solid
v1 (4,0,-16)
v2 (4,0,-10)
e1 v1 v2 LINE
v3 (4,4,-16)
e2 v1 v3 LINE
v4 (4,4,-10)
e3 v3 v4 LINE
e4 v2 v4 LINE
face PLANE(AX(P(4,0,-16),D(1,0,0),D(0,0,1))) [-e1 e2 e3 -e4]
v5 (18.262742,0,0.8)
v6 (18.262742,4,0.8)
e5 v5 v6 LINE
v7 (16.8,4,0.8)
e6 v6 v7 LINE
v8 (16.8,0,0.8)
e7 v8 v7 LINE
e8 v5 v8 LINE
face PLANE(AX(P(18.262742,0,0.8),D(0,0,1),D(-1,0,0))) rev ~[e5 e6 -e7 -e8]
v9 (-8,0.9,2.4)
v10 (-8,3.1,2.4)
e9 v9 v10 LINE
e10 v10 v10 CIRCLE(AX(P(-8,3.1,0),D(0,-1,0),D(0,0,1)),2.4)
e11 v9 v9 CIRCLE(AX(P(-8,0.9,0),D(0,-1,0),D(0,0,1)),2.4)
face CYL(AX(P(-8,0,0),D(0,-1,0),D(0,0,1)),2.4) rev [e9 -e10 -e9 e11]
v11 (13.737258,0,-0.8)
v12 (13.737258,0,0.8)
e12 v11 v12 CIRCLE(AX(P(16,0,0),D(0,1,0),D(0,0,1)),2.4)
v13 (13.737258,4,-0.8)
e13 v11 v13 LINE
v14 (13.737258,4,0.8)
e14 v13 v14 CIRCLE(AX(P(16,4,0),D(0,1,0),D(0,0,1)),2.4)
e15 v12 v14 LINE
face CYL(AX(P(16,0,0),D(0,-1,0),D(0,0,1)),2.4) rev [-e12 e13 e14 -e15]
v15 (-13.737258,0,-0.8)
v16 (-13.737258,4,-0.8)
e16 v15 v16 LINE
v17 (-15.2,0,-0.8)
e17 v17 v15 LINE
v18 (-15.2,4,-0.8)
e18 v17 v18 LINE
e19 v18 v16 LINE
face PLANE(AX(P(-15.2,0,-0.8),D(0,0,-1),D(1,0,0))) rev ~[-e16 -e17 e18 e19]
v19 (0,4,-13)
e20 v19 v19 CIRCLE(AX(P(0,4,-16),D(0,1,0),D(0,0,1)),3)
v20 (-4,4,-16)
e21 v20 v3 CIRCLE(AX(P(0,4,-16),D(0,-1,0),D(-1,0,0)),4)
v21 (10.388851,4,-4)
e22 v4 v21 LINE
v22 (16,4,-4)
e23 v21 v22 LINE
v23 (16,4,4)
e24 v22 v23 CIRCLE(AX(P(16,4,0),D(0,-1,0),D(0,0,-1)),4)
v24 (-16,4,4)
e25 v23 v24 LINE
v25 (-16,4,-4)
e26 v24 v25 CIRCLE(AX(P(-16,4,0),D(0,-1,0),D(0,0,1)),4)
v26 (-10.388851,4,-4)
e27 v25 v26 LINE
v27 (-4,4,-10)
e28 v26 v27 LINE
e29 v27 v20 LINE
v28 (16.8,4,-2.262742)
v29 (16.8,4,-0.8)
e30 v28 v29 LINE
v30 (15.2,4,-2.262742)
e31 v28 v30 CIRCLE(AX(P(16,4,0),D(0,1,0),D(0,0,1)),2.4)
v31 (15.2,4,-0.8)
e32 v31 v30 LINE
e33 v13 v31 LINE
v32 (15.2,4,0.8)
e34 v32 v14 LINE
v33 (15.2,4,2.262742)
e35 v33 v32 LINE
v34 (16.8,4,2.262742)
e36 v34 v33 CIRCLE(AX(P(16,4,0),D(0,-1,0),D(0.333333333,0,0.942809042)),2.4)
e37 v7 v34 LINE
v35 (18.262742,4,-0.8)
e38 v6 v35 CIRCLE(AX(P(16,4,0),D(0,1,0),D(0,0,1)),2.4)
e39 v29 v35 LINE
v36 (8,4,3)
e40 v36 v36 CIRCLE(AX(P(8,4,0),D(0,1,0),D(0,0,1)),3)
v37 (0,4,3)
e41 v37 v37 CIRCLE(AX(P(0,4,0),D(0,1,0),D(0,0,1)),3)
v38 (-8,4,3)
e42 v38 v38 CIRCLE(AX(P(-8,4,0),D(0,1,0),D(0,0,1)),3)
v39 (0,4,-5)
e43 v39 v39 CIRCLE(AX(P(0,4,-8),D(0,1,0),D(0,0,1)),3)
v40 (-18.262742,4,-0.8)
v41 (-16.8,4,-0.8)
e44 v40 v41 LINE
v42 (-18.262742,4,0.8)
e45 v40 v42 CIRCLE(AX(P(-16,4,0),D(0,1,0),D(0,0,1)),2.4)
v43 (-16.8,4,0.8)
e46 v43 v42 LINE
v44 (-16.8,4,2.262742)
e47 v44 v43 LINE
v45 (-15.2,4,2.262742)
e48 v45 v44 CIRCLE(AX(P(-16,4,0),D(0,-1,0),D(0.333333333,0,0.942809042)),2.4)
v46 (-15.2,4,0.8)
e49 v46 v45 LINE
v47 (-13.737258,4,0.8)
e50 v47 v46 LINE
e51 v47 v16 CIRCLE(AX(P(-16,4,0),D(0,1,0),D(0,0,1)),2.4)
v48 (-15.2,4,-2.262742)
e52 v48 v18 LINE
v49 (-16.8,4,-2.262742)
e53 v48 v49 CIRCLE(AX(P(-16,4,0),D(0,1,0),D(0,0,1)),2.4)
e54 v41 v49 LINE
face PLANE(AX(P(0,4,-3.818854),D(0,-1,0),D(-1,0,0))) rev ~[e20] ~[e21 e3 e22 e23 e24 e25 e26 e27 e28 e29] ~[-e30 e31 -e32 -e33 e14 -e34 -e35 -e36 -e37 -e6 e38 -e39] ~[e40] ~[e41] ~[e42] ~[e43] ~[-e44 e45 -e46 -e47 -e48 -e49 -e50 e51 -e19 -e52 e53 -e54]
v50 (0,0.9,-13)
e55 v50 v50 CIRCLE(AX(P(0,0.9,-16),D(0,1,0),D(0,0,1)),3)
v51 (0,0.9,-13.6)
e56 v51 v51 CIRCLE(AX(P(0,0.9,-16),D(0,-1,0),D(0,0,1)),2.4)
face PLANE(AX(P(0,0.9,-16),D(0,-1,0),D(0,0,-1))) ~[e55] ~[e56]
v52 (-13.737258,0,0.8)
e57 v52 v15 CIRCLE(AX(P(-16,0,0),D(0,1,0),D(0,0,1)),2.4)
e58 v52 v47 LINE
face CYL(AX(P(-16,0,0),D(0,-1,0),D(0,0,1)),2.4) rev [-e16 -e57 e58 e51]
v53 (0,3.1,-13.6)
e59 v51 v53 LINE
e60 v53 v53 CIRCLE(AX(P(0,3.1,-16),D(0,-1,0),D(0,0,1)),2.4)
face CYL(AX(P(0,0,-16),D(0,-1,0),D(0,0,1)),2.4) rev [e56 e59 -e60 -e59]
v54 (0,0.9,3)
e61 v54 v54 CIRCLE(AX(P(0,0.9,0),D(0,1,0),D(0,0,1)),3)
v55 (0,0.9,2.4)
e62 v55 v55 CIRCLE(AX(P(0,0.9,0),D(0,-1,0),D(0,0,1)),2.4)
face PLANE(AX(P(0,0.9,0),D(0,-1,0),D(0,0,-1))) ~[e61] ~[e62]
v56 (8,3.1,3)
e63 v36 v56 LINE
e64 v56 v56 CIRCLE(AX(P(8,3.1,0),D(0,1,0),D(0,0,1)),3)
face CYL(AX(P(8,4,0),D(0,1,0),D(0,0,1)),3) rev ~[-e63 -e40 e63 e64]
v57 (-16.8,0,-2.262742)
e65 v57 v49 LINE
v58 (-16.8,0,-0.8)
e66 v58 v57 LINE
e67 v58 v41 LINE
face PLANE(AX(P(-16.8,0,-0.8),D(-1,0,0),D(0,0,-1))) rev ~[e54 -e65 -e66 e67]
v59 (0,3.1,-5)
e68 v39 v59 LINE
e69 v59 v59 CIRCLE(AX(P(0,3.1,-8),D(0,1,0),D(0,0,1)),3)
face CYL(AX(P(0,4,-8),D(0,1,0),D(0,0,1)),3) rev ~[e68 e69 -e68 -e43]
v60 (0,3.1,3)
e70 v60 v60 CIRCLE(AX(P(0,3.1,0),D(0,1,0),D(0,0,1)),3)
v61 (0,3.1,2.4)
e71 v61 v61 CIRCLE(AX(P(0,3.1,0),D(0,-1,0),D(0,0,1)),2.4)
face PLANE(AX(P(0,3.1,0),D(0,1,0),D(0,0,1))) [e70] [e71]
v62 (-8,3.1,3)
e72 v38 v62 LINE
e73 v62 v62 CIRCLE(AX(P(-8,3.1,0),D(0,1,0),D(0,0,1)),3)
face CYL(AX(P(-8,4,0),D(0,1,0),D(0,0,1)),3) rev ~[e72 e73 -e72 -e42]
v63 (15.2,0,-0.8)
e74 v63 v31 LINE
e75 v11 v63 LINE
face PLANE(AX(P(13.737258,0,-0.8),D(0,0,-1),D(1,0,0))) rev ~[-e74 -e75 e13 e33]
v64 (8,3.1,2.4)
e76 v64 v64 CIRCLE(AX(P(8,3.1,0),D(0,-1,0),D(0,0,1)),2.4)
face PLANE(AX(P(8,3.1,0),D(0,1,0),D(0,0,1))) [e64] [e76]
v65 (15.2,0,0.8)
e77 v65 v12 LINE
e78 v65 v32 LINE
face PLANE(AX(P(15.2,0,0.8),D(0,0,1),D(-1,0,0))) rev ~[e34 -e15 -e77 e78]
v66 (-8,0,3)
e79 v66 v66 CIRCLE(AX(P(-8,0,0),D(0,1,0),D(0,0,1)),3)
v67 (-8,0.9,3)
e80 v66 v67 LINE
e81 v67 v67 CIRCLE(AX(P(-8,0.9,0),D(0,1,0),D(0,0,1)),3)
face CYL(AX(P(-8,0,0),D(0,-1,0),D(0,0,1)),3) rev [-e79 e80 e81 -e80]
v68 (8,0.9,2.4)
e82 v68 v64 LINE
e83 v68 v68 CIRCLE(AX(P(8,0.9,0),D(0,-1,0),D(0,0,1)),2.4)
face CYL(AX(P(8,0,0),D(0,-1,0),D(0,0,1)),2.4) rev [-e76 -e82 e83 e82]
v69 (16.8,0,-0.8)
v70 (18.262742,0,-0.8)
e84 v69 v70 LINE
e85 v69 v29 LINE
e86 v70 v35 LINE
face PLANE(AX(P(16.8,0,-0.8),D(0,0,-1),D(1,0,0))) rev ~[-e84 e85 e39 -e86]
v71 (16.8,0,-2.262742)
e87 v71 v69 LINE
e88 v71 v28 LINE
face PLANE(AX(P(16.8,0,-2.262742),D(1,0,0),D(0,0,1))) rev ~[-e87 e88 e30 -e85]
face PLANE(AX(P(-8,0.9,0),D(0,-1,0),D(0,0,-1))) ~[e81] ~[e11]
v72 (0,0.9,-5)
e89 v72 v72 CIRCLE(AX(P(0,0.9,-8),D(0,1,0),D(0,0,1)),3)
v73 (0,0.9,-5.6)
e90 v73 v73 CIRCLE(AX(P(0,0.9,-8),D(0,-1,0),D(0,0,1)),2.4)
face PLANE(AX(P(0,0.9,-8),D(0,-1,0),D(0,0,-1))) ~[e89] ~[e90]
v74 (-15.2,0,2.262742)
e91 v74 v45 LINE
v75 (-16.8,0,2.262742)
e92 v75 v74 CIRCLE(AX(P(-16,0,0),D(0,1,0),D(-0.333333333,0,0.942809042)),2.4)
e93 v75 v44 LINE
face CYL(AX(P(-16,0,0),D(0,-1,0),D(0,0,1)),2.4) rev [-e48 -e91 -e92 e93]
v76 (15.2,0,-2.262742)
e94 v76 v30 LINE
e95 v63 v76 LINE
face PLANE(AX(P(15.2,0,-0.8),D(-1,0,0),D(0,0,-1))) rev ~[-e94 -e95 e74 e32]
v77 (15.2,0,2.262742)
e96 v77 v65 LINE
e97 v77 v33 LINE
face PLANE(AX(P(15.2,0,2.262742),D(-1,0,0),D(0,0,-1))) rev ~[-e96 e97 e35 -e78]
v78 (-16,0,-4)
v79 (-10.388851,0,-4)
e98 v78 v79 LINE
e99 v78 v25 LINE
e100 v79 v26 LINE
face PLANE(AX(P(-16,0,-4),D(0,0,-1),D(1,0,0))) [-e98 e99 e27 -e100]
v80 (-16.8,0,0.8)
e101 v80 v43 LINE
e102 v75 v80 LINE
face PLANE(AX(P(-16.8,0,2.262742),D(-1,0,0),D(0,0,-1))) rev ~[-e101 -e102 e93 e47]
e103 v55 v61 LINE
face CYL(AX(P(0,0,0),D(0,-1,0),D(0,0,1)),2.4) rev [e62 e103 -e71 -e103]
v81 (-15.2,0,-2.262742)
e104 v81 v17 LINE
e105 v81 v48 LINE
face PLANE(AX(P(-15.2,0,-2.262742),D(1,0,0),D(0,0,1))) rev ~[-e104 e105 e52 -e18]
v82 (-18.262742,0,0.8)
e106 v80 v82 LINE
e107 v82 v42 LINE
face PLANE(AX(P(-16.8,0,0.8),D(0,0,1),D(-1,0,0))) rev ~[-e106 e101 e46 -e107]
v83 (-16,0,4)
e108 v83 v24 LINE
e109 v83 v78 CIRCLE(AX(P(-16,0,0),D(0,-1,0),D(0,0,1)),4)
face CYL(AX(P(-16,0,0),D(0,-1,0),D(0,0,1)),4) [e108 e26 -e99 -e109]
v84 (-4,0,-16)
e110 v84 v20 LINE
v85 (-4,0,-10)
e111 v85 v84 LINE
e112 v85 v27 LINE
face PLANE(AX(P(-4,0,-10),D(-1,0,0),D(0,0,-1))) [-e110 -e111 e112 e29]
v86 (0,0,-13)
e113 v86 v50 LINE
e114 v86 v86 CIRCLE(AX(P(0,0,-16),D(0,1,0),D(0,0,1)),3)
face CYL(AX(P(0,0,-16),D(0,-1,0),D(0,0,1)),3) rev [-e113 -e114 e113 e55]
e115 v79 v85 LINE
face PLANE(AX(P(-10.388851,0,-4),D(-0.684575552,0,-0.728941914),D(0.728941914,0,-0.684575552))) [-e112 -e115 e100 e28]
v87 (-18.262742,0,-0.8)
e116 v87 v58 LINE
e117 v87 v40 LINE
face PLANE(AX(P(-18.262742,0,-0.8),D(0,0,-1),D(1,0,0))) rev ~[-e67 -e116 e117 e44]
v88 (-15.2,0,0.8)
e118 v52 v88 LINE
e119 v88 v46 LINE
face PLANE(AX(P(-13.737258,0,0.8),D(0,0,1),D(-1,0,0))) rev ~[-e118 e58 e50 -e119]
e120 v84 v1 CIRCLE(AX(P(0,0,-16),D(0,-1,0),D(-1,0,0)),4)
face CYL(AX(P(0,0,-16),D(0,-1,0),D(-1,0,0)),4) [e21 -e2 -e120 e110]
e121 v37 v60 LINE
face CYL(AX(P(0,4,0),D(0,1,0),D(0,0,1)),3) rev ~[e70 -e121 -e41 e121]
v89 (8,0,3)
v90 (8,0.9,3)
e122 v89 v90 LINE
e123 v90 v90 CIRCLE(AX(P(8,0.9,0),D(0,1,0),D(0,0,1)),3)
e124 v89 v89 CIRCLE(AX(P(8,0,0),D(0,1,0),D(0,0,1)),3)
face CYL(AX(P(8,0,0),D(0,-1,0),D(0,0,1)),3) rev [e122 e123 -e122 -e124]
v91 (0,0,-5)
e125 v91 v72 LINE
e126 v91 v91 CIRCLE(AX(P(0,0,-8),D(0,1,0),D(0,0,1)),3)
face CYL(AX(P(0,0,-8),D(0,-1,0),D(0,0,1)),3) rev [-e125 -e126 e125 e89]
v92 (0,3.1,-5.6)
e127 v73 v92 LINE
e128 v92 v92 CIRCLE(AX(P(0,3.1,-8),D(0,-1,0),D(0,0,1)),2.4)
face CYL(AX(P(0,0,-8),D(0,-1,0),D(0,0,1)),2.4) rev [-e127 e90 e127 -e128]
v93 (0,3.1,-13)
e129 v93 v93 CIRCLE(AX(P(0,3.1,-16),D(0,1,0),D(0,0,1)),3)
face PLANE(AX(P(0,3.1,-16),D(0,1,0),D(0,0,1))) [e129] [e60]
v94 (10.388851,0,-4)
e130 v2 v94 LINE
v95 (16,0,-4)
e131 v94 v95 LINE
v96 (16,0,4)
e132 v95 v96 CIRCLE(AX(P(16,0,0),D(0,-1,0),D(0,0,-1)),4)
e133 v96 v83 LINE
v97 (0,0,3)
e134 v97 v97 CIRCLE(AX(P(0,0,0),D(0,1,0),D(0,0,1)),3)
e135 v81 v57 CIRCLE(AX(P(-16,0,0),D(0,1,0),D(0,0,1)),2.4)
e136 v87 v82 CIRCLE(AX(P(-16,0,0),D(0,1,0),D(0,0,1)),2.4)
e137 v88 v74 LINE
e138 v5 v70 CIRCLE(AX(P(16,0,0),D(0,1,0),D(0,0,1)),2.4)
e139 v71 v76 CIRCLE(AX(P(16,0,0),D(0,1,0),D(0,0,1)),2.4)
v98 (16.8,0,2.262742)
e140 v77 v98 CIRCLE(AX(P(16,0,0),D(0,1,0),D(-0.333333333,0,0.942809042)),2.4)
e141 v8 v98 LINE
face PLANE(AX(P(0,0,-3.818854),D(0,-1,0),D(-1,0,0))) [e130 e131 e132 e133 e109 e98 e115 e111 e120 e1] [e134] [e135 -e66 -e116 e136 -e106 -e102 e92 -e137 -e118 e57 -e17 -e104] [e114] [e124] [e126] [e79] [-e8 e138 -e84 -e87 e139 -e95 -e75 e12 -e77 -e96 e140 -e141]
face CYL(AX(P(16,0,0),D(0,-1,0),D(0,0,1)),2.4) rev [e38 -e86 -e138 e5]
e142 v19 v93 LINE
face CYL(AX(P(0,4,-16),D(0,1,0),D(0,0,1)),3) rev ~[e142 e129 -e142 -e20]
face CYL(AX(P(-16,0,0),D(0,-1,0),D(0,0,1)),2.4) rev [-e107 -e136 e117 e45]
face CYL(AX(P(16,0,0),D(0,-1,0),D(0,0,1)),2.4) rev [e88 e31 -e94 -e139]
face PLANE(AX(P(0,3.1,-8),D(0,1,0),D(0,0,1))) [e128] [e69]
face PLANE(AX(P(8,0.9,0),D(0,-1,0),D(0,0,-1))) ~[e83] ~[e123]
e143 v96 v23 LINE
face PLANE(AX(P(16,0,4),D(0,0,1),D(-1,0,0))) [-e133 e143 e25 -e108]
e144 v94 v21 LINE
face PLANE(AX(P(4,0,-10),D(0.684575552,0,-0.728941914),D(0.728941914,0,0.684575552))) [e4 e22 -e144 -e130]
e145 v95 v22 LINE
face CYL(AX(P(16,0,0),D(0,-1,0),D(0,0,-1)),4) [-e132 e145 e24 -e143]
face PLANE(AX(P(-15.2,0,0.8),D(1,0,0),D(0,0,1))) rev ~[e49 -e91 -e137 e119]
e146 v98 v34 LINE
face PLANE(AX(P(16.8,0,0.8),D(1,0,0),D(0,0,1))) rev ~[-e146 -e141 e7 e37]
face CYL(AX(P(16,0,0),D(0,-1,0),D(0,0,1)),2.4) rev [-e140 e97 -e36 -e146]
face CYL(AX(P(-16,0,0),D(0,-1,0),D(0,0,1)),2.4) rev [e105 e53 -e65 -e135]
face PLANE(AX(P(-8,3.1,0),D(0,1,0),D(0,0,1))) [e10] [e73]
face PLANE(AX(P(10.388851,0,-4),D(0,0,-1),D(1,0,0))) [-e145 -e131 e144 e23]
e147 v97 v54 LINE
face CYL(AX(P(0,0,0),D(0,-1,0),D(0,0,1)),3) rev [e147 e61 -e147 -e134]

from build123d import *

# Parameters (mm, degrees)
SKETCH_1_R          = 2.4
EXTRUDE_1_DEPTH     = 4
SKETCH_2_R          = 3
CUT_EXTRUDE_1_DEPTH = 0.9
EXTRUDE_START       = -4
EXTRUDE_2_DEPTH     = 4


with BuildPart() as part:
    # 草图1 → 凸台-拉伸1 (new body)
    with BuildSketch(Plane(origin=(0, 0, 0), x_dir=(1, 0, 0), z_dir=(0, 1, 0))):
        with BuildLine():
            Line((-16, 4), (-10.388851415, 4))
            Line((-10.388851415, 4), (-4, 10))
            Line((-4, 10), (-4, 16))
            ThreePointArc((-4, 16), (0, 20), (4, 16))
            Line((4, 16), (4, 10))
            Line((4, 10), (10.388851415, 4))
            Line((10.388851415, 4), (16, 4))
            ThreePointArc((16, 4), (20, 0), (16, -4))
            Line((16, -4), (-16, -4))
            ThreePointArc((-16, -4), (-20, 0), (-16, 4))
        make_face()
        with Locations(Location((16, 0, 0), (0, 0, 270))):
            Circle(SKETCH_1_R, mode=Mode.SUBTRACT)
        with Locations(Location((8, 0, 0), (0, 0, 270))):
            Circle(SKETCH_1_R, mode=Mode.SUBTRACT)
        with Locations(Location((0, 0, 0), (0, 0, 270))):
            Circle(SKETCH_1_R, mode=Mode.SUBTRACT)
        with Locations(Location((-8, 0, 0), (0, 0, 270))):
            Circle(SKETCH_1_R, mode=Mode.SUBTRACT)
        with Locations(Location((-16, 0, 0), (0, 0, 270))):
            Circle(SKETCH_1_R, mode=Mode.SUBTRACT)
        with Locations(Location((0, 8, 0), (0, 0, 270))):
            Circle(SKETCH_1_R, mode=Mode.SUBTRACT)
        with Locations(Location((0, 16, 0), (0, 0, 270))):
            Circle(SKETCH_1_R, mode=Mode.SUBTRACT)
    extrude(amount=EXTRUDE_1_DEPTH)

    # 草图2 → 切除-拉伸1 (cut)
    with BuildSketch(Plane(origin=(0, 4, 0), x_dir=(1, 0, 0), z_dir=(0, 1, 0))):
        with Locations(Location((-8, 0, 0), (0, 0, 270))):
            Circle(SKETCH_2_R)
        with Locations(Location((0, 0, 0), (0, 0, 270))):
            Circle(SKETCH_2_R)
        with Locations(Location((8, 0, 0), (0, 0, 270))):
            Circle(SKETCH_2_R)
        with Locations(Location((0, 8, 0), (0, 0, 270))):
            Circle(SKETCH_2_R)
        with Locations(Location((0, 16, 0), (0, 0, 270))):
            Circle(SKETCH_2_R)
    cut_extrude_1 = extrude(amount=-CUT_EXTRUDE_1_DEPTH, mode=Mode.SUBTRACT)

    # 镜向1: 切除-拉伸1 across plane
    add(cut_extrude_1.mirror(Plane.ZX.offset(2)), mode=Mode.SUBTRACT)

    # 草图4 → 凸台-拉伸2 (add)
    with BuildSketch(Plane(origin=(0, 4, 0), x_dir=(1, 0, 0), z_dir=(0, 1, 0)).offset(EXTRUDE_START)):
        with BuildLine():
            Line((-16.8, 0.8), (-16.8, 2.2627417))
            ThreePointArc((-16.8, 2.2627417), (-17.697056275, 1.697056275), (-18.2627417, 0.8))
            Line((-18.2627417, 0.8), (-16.8, 0.8))
        make_face()
        with BuildLine():
            ThreePointArc((-13.7372583, 0.8), (-14.302943725, 1.697056275), (-15.2, 2.2627417))
            Line((-15.2, 2.2627417), (-15.2, 0.8))
            Line((-15.2, 0.8), (-13.7372583, 0.8))
        make_face()
        with BuildLine():
            Line((-13.7372583, -0.8), (-15.2, -0.8))
            Line((-15.2, -0.8), (-15.2, -2.2627417))
            ThreePointArc((-15.2, -2.2627417), (-14.302943725, -1.697056275), (-13.7372583, -0.8))
        make_face()
        with BuildLine():
            Line((-16.8, -2.2627417), (-16.8, -0.8))
            Line((-16.8, -0.8), (-18.2627417, -0.8))
            ThreePointArc((-18.2627417, -0.8), (-17.697056275, -1.697056275), (-16.8, -2.2627417))
        make_face()
        with BuildLine():
            Line((13.7372583, 0.8), (15.2, 0.8))
            Line((15.2, 0.8), (15.2, 2.2627417))
            ThreePointArc((15.2, 2.2627417), (14.302943725, 1.697056275), (13.7372583, 0.8))
        make_face()
        with BuildLine():
            Line((16.8, 0.8), (18.2627417, 0.8))
            ThreePointArc((18.2627417, 0.8), (17.697056275, 1.697056275), (16.8, 2.2627417))
            Line((16.8, 2.2627417), (16.8, 0.8))
        make_face()
        with BuildLine():
            Line((18.2627417, -0.8), (16.8, -0.8))
            Line((16.8, -0.8), (16.8, -2.2627417))
            ThreePointArc((16.8, -2.2627417), (17.697056275, -1.697056275), (18.2627417, -0.8))
        make_face()
        with BuildLine():
            Line((15.2, -2.2627417), (15.2, -0.8))
            Line((15.2, -0.8), (13.7372583, -0.8))
            ThreePointArc((13.7372583, -0.8), (14.302943725, -1.697056275), (15.2, -2.2627417))
        make_face()
    extrude(amount=EXTRUDE_2_DEPTH)


solid = part.part
